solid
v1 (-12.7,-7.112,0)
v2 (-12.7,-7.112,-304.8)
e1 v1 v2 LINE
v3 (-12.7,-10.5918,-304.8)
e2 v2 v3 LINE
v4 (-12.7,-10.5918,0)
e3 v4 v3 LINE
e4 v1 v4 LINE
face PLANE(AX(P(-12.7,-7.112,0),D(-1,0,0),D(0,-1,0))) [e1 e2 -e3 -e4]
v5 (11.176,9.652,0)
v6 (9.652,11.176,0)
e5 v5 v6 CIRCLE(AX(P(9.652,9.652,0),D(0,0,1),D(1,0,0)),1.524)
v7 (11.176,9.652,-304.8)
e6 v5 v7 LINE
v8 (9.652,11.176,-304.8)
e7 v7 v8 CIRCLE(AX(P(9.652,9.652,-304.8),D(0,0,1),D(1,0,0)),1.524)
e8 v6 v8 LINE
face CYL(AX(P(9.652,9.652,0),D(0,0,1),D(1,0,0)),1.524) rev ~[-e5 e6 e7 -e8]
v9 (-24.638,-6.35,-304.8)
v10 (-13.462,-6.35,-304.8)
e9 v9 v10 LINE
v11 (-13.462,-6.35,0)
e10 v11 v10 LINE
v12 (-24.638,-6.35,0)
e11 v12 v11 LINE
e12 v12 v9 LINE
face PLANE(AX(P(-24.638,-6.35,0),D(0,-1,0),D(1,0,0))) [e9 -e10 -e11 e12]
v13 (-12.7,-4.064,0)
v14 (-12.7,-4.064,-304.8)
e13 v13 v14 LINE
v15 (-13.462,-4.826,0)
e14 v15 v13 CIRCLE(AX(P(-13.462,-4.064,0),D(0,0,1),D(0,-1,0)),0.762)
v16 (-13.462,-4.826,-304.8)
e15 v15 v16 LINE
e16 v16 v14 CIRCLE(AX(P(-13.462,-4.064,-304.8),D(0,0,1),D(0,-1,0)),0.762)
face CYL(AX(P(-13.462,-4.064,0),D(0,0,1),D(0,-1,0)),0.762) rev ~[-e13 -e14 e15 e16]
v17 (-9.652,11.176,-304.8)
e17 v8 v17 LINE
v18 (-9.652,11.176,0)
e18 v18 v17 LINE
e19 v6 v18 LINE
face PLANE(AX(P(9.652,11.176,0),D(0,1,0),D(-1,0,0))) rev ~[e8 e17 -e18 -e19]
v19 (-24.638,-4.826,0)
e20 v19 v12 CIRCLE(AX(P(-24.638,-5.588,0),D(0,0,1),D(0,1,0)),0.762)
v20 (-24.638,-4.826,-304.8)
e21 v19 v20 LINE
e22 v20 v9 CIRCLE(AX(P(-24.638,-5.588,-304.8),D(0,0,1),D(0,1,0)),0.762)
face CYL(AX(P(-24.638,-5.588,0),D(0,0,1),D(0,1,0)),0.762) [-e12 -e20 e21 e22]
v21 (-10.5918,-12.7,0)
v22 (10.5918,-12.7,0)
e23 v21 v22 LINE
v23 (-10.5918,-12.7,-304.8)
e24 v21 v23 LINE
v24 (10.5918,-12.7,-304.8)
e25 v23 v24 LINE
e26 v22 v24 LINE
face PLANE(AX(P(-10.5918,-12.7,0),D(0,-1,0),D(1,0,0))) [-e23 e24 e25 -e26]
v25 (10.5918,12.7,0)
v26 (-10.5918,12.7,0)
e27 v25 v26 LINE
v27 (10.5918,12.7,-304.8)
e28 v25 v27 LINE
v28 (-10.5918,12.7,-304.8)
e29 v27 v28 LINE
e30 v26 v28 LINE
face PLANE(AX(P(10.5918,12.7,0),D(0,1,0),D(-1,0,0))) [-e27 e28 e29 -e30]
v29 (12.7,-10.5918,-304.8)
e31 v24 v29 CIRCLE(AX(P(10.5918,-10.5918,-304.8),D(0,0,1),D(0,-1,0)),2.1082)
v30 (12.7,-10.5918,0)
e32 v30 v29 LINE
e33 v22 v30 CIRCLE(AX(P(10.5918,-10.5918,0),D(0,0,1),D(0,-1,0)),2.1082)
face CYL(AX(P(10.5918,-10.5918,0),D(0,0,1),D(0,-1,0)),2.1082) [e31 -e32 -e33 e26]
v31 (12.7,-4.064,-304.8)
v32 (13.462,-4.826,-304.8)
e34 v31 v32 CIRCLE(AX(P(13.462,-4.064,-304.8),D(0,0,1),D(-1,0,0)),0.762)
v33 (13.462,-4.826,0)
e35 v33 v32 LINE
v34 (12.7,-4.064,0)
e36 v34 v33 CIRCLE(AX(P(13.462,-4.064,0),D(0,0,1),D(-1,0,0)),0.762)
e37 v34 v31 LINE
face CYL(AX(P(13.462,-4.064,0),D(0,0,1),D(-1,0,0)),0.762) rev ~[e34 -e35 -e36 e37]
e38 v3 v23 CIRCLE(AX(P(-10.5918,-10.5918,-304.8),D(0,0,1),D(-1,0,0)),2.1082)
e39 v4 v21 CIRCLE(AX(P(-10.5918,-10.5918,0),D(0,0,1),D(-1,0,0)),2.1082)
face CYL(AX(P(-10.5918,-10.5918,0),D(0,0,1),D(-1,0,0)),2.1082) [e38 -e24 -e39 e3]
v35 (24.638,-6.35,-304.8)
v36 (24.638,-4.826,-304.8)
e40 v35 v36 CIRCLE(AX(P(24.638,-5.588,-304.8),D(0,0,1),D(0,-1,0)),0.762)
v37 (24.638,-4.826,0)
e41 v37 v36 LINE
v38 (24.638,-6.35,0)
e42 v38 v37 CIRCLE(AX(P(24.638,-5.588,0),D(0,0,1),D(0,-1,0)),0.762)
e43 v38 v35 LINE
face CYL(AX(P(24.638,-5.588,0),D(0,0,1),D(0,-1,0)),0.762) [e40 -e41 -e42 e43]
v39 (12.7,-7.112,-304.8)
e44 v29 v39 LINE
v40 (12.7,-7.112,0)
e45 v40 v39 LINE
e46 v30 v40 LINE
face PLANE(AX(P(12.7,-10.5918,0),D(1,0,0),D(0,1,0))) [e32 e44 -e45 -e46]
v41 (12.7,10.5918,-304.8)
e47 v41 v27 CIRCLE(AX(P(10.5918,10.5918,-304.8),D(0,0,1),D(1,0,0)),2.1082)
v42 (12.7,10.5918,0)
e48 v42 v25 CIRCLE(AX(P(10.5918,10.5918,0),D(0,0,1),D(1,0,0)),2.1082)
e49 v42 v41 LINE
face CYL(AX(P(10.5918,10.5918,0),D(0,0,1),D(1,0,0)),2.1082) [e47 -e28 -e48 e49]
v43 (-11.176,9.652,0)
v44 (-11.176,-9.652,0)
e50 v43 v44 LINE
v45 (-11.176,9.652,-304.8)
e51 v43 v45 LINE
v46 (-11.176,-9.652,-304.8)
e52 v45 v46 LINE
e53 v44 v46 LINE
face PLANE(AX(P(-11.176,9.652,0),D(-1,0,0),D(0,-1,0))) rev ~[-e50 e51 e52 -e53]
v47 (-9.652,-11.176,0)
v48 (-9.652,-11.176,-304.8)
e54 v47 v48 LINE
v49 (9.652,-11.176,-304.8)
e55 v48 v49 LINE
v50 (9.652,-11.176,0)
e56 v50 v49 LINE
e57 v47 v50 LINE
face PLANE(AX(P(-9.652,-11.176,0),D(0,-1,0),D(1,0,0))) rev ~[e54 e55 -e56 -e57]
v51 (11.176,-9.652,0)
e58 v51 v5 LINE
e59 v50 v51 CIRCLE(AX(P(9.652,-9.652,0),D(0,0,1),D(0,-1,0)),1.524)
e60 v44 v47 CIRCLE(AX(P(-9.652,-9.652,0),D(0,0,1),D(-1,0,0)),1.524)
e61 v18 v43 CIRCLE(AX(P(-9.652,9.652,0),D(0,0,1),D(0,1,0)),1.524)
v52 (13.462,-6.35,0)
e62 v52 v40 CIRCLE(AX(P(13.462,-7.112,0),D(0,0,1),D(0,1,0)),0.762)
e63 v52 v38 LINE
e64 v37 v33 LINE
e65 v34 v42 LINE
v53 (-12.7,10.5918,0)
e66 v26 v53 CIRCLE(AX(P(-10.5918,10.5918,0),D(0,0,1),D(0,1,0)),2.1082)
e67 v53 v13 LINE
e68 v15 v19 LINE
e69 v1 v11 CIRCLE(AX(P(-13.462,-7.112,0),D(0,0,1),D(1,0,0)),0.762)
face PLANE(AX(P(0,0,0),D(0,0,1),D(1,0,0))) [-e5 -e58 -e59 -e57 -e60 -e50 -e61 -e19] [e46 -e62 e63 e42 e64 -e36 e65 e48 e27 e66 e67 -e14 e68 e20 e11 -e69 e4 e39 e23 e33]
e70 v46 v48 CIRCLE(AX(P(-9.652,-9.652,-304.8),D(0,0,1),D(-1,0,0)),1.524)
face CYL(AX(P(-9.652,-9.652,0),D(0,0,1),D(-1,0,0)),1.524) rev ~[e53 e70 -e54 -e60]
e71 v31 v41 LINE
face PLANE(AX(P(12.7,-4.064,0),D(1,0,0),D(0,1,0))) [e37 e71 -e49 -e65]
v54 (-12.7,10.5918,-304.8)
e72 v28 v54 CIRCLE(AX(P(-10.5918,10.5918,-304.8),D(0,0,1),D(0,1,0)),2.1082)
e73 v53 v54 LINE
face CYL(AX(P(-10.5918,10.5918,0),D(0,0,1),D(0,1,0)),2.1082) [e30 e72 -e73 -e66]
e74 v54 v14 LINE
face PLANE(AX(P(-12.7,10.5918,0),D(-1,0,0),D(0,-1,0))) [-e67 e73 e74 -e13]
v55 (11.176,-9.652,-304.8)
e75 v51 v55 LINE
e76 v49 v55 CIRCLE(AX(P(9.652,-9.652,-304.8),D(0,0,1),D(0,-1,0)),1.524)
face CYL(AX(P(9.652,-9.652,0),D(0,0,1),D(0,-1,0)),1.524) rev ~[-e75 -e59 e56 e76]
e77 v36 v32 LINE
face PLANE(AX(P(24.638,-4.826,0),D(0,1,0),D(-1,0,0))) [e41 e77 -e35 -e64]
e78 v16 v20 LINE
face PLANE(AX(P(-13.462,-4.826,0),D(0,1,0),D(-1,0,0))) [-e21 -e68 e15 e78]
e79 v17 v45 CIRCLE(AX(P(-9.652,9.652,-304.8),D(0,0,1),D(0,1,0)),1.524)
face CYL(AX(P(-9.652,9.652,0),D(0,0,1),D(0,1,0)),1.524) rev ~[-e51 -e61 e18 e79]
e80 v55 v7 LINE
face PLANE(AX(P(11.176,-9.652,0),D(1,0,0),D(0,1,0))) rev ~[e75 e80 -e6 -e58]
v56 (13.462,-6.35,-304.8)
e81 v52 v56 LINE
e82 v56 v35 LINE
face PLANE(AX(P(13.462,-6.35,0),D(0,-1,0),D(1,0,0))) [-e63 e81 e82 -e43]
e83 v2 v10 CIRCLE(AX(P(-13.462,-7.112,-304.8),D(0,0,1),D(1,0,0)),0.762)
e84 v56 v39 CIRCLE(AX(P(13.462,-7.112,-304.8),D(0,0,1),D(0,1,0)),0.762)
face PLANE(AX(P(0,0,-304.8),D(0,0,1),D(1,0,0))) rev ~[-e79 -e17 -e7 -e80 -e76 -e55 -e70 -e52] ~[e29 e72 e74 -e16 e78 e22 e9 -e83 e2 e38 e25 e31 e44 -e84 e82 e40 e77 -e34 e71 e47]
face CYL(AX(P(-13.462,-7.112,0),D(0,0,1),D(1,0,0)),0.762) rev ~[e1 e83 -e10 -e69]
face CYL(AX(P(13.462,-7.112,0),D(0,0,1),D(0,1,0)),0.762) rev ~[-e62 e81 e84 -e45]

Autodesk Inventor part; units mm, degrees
ref_plane "YZ Plane" through (0, 0, 0) normal (1, 0, 0) x (0, 1, 0)
ref_plane "XZ Plane" through (0, 0, 0) normal (0, 1, 0) x (-1, 0, 0)
ref_plane "XY Plane" through (0, 0, 0) normal (0, 0, 1) x (1, 0, 0)
sketch "Sketch1" plane through (0, 0, 0) normal (0, 0, 1) x (1, 0, 0)
  line L0 (11.176, -9.652) -> (11.176, 9.652)
  arc A0 (9.652, -11.176) -> (11.176, -9.652) centre (9.652, -9.652) ccw
  line L1 (-9.652, -11.176) -> (9.652, -11.176)
  arc A1 (-11.176, -9.652) -> (-9.652, -11.176) centre (-9.652, -9.652) ccw
  line L2 (-11.176, 9.652) -> (-11.176, -9.652)
  arc A2 (-9.652, 11.176) -> (-11.176, 9.652) centre (-9.652, 9.652) ccw
  line L3 (9.652, 11.176) -> (-9.652, 11.176)
  arc A3 (11.176, 9.652) -> (9.652, 11.176) centre (9.652, 9.652) ccw
  arc A4 (12.7, -4.064) -> (13.462, -4.826) centre (13.462, -4.064) ccw
  line L4 (12.7, -4.064) -> (12.7, 10.5918)
  arc A5 (12.7, 10.5918) -> (10.5918, 12.7) centre (10.5918, 10.5918) ccw
  line L5 (10.5918, 12.7) -> (-10.5918, 12.7)
  arc A6 (-10.5918, 12.7) -> (-12.7, 10.5918) centre (-10.5918, 10.5918) ccw
  line L6 (-12.7, 10.5918) -> (-12.7, -4.064)
  arc A7 (-13.462, -4.826) -> (-12.7, -4.064) centre (-13.462, -4.064) ccw
  line L7 (-13.462, -4.826) -> (-24.638, -4.826)
  arc A8 (-24.638, -4.826) -> (-24.638, -6.35) centre (-24.638, -5.588) ccw
  line L8 (-24.638, -6.35) -> (-13.462, -6.35)
  arc A9 (-12.7, -7.112) -> (-13.462, -6.35) centre (-13.462, -7.112) ccw
  line L9 (-12.7, -7.112) -> (-12.7, -10.5918)
  arc A10 (-12.7, -10.5918) -> (-10.5918, -12.7) centre (-10.5918, -10.5918) ccw
  line L10 (-10.5918, -12.7) -> (10.5918, -12.7)
  arc A11 (10.5918, -12.7) -> (12.7, -10.5918) centre (10.5918, -10.5918) ccw
  line L11 (12.7, -10.5918) -> (12.7, -7.112)
  arc A12 (13.462, -6.35) -> (12.7, -7.112) centre (13.462, -7.112) ccw
  line L12 (13.462, -6.35) -> (24.638, -6.35)
  arc A13 (24.638, -6.35) -> (24.638, -4.826) centre (24.638, -5.588) ccw
  line L13 (24.638, -4.826) -> (13.462, -4.826)
  point P0 (0, 0)
extrude "Extrusion1" add sketch "Sketch1" against normal blind 304.8
properties part number "9015"
